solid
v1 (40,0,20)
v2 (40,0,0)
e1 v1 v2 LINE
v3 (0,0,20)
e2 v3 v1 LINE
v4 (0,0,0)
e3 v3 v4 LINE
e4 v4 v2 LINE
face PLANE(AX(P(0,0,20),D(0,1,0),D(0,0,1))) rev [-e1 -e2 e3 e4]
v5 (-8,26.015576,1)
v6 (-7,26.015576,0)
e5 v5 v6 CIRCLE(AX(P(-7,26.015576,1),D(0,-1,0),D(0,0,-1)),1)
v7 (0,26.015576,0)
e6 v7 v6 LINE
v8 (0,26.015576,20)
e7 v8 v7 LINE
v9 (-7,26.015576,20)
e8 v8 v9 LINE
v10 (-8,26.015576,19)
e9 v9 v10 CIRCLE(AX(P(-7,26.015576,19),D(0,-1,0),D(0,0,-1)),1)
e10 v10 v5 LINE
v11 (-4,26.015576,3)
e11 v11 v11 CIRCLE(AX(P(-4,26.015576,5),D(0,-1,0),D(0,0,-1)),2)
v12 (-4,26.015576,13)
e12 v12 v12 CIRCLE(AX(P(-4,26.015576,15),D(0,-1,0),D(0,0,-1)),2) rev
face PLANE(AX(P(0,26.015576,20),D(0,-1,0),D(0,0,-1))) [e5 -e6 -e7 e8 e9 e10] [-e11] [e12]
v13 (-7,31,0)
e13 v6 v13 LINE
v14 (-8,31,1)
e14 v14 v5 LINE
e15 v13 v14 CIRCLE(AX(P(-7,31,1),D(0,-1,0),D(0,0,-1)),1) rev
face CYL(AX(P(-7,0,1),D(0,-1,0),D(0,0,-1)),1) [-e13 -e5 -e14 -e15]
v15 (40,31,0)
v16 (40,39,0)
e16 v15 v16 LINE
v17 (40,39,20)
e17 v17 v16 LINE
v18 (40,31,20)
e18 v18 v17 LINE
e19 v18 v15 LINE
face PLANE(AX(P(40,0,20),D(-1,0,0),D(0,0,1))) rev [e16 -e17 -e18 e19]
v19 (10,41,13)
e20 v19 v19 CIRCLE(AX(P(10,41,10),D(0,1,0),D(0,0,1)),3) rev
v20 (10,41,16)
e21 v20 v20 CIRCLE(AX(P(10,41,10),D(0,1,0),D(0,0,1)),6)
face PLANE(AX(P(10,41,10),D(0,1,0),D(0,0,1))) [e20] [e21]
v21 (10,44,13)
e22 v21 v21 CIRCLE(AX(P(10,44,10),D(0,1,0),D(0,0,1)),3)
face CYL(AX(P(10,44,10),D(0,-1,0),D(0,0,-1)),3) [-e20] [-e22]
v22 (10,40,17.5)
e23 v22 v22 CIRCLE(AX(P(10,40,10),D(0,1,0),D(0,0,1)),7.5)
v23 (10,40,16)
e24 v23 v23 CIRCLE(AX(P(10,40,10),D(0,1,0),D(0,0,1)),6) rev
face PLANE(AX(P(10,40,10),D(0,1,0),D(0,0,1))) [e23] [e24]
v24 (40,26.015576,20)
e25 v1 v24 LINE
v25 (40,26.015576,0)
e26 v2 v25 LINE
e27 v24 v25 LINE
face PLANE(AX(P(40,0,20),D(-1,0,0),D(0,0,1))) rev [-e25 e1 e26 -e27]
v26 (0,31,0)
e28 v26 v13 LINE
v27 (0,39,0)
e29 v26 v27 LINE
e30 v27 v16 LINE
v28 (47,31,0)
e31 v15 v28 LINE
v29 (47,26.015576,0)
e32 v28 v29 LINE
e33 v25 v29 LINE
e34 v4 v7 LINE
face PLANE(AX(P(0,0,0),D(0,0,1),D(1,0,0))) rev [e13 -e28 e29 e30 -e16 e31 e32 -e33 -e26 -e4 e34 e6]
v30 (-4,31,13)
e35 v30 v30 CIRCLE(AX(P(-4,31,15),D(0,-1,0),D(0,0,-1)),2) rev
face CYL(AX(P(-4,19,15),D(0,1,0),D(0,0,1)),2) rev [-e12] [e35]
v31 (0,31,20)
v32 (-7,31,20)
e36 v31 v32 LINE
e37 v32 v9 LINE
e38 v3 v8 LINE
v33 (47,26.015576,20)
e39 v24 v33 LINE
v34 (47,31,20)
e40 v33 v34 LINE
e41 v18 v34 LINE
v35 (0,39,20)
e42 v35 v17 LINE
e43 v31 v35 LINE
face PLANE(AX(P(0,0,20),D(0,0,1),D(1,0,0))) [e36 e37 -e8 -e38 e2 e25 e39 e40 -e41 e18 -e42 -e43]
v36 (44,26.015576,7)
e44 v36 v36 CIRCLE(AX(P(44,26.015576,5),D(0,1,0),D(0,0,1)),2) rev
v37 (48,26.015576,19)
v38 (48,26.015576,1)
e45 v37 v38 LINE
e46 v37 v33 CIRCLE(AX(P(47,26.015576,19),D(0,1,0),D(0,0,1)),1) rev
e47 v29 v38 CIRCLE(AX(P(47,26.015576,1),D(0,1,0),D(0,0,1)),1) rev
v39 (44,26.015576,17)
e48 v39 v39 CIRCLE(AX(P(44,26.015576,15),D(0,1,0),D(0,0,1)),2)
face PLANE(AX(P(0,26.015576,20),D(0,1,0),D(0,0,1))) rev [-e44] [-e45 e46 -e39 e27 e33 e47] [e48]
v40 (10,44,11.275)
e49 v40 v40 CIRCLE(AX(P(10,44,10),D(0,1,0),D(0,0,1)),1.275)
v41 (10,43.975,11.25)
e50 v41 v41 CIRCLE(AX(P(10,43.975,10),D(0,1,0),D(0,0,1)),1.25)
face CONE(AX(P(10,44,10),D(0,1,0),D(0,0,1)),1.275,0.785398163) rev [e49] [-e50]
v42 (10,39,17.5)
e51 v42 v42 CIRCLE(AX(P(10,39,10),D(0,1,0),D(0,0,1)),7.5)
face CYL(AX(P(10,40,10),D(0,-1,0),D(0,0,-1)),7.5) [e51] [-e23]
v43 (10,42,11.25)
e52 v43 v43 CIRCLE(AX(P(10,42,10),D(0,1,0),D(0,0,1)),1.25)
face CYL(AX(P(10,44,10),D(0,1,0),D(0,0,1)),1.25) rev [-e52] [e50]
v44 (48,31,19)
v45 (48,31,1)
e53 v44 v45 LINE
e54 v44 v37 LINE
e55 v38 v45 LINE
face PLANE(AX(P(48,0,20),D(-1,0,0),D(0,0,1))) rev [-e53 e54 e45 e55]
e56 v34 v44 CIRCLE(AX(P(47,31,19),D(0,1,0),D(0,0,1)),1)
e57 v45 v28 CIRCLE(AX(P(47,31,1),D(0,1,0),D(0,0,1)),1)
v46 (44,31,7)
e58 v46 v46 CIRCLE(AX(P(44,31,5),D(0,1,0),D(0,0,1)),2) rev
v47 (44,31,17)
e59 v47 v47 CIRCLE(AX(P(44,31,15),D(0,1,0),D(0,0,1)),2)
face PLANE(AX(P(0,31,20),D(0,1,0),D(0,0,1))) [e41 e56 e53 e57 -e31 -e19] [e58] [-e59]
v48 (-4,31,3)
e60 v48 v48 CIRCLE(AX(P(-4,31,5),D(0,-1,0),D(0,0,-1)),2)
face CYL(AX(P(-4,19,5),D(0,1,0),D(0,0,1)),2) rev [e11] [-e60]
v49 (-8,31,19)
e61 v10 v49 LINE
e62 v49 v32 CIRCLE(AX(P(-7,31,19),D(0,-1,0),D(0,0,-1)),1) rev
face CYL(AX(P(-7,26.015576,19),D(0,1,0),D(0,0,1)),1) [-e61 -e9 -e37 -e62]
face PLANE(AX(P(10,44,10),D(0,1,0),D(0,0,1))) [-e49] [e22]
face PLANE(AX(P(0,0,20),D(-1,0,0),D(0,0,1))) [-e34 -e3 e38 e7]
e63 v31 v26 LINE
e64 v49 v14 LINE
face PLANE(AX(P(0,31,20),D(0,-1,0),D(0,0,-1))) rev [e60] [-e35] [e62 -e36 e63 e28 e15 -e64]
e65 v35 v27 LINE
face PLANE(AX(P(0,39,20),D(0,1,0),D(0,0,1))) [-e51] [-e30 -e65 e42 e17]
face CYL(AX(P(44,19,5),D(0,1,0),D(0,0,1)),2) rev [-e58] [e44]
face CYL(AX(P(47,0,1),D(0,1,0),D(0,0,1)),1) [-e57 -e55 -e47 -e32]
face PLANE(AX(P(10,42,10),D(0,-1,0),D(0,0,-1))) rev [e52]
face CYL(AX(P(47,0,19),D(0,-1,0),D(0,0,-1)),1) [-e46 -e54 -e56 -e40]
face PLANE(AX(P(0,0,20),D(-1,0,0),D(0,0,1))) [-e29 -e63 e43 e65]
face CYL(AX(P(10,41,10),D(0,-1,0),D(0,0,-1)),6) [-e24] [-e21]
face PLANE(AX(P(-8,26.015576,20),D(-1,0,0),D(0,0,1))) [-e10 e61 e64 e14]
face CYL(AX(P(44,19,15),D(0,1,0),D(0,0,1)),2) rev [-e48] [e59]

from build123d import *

# Parameters (mm, degrees)
EXTRUDE_1_DEPTH              = 20
SKETCH_2_R                   = 2
CUT_EXTRUDE_1_DEPTH          = 20
SKETCH_2_3_R                 = 2
CUT_EXTRUDE_2_DEPTH          = 20
SKETCH_2_4_R                 = 7.5
EXTRUDE_2_DEPTH              = 1
SKETCH_2_5_R                 = 6
EXTRUDE_3_DEPTH              = 2
SKETCH_2_6_R                 = 3
EXTRUDE_4_DEPTH              = 5
HOLE_WIZARD_M3_2_D           = 2.5
HOLE_WIZARD_M3_2_DEPTH       = 2
HOLE_WIZARD_M3_2_CSINK_D     = 2.55
HOLE_WIZARD_M3_2_CSINK_ANGLE = 90
FILLET_1_R                   = 1
FILLET_2_R                   = 1


with BuildPart() as part:
    # 草图1 → 凸台-拉伸1 (new body)
    with BuildSketch(Plane.XY):
        Polygon((40, 39), (0, 39), (0, 31), (-8, 31), (-8, 26.015576324), (0, 26.015576324), (0, 0), (40, 0), (40, 26.015576324), (48, 26.015576324), (48, 31), (40, 31), align=None)
    extrude(amount=EXTRUDE_1_DEPTH)

    # 草图2 → 切除-拉伸1 (cut)
    with BuildSketch(Plane(origin=(0, 39, 0), x_dir=(1, 0, 0), z_dir=(0, 1, 0))):
        with Locations((-4, -15)):
            Circle(SKETCH_2_R)
    extrude(amount=-CUT_EXTRUDE_1_DEPTH, mode=Mode.SUBTRACT)

    # 草图2<3> → 切除-拉伸2 (cut)
    with BuildSketch(Plane(origin=(0, 39, 0), x_dir=(1, 0, 0), z_dir=(0, 1, 0))):
        with Locations((-4, -5)):
            Circle(SKETCH_2_3_R)
        with Locations((44, -5)):
            Circle(SKETCH_2_3_R)
        with Locations((44, -15)):
            Circle(SKETCH_2_3_R)
    extrude(amount=-CUT_EXTRUDE_2_DEPTH, mode=Mode.SUBTRACT)

    # 草图2<4> → 凸台-拉伸2 (add)
    with BuildSketch(Plane(origin=(0, 39, 0), x_dir=(1, 0, 0), z_dir=(0, 1, 0))):
        with Locations((10, -10)):
            Circle(SKETCH_2_4_R)
    extrude(amount=EXTRUDE_2_DEPTH)

    # 草图2<5> → 凸台-拉伸3 (add)
    with BuildSketch(Plane(origin=(0, 39, 0), x_dir=(1, 0, 0), z_dir=(0, 1, 0))):
        with Locations((10, -10)):
            Circle(SKETCH_2_5_R)
    extrude(amount=EXTRUDE_3_DEPTH)

    # 草图2<6> → 凸台-拉伸4 (add)
    with BuildSketch(Plane(origin=(0, 39, 0), x_dir=(1, 0, 0), z_dir=(0, 1, 0))):
        with Locations((10, -10)):
            Circle(SKETCH_2_6_R)
    extrude(amount=EXTRUDE_4_DEPTH)

    # M3 螺纹孔的螺纹孔钻头2
    with Locations(Plane(origin=(10, 44, 10), x_dir=(0, 0, 1), z_dir=(0, 1, 0))):
        with Locations((0, 0)):
            CounterSinkHole(HOLE_WIZARD_M3_2_D / 2, HOLE_WIZARD_M3_2_CSINK_D / 2, depth=HOLE_WIZARD_M3_2_DEPTH, counter_sink_angle=HOLE_WIZARD_M3_2_CSINK_ANGLE)

    # 圆角1
    fillet_1_edges = [part.edges().sort_by_distance(p)[0] for p in [
        (-8, 28.507788162, 20),
    ]]
    fillet(fillet_1_edges, radius=FILLET_1_R)

    # 圆角2
    fillet_2_edges = [part.edges().sort_by_distance(p)[0] for p in [
        (-8, 28.507788162, 0),
        (48, 28.507788162, 0),
        (48, 28.507788162, 20),
    ]]
    fillet(fillet_2_edges, radius=FILLET_2_R)


solid = part.part
